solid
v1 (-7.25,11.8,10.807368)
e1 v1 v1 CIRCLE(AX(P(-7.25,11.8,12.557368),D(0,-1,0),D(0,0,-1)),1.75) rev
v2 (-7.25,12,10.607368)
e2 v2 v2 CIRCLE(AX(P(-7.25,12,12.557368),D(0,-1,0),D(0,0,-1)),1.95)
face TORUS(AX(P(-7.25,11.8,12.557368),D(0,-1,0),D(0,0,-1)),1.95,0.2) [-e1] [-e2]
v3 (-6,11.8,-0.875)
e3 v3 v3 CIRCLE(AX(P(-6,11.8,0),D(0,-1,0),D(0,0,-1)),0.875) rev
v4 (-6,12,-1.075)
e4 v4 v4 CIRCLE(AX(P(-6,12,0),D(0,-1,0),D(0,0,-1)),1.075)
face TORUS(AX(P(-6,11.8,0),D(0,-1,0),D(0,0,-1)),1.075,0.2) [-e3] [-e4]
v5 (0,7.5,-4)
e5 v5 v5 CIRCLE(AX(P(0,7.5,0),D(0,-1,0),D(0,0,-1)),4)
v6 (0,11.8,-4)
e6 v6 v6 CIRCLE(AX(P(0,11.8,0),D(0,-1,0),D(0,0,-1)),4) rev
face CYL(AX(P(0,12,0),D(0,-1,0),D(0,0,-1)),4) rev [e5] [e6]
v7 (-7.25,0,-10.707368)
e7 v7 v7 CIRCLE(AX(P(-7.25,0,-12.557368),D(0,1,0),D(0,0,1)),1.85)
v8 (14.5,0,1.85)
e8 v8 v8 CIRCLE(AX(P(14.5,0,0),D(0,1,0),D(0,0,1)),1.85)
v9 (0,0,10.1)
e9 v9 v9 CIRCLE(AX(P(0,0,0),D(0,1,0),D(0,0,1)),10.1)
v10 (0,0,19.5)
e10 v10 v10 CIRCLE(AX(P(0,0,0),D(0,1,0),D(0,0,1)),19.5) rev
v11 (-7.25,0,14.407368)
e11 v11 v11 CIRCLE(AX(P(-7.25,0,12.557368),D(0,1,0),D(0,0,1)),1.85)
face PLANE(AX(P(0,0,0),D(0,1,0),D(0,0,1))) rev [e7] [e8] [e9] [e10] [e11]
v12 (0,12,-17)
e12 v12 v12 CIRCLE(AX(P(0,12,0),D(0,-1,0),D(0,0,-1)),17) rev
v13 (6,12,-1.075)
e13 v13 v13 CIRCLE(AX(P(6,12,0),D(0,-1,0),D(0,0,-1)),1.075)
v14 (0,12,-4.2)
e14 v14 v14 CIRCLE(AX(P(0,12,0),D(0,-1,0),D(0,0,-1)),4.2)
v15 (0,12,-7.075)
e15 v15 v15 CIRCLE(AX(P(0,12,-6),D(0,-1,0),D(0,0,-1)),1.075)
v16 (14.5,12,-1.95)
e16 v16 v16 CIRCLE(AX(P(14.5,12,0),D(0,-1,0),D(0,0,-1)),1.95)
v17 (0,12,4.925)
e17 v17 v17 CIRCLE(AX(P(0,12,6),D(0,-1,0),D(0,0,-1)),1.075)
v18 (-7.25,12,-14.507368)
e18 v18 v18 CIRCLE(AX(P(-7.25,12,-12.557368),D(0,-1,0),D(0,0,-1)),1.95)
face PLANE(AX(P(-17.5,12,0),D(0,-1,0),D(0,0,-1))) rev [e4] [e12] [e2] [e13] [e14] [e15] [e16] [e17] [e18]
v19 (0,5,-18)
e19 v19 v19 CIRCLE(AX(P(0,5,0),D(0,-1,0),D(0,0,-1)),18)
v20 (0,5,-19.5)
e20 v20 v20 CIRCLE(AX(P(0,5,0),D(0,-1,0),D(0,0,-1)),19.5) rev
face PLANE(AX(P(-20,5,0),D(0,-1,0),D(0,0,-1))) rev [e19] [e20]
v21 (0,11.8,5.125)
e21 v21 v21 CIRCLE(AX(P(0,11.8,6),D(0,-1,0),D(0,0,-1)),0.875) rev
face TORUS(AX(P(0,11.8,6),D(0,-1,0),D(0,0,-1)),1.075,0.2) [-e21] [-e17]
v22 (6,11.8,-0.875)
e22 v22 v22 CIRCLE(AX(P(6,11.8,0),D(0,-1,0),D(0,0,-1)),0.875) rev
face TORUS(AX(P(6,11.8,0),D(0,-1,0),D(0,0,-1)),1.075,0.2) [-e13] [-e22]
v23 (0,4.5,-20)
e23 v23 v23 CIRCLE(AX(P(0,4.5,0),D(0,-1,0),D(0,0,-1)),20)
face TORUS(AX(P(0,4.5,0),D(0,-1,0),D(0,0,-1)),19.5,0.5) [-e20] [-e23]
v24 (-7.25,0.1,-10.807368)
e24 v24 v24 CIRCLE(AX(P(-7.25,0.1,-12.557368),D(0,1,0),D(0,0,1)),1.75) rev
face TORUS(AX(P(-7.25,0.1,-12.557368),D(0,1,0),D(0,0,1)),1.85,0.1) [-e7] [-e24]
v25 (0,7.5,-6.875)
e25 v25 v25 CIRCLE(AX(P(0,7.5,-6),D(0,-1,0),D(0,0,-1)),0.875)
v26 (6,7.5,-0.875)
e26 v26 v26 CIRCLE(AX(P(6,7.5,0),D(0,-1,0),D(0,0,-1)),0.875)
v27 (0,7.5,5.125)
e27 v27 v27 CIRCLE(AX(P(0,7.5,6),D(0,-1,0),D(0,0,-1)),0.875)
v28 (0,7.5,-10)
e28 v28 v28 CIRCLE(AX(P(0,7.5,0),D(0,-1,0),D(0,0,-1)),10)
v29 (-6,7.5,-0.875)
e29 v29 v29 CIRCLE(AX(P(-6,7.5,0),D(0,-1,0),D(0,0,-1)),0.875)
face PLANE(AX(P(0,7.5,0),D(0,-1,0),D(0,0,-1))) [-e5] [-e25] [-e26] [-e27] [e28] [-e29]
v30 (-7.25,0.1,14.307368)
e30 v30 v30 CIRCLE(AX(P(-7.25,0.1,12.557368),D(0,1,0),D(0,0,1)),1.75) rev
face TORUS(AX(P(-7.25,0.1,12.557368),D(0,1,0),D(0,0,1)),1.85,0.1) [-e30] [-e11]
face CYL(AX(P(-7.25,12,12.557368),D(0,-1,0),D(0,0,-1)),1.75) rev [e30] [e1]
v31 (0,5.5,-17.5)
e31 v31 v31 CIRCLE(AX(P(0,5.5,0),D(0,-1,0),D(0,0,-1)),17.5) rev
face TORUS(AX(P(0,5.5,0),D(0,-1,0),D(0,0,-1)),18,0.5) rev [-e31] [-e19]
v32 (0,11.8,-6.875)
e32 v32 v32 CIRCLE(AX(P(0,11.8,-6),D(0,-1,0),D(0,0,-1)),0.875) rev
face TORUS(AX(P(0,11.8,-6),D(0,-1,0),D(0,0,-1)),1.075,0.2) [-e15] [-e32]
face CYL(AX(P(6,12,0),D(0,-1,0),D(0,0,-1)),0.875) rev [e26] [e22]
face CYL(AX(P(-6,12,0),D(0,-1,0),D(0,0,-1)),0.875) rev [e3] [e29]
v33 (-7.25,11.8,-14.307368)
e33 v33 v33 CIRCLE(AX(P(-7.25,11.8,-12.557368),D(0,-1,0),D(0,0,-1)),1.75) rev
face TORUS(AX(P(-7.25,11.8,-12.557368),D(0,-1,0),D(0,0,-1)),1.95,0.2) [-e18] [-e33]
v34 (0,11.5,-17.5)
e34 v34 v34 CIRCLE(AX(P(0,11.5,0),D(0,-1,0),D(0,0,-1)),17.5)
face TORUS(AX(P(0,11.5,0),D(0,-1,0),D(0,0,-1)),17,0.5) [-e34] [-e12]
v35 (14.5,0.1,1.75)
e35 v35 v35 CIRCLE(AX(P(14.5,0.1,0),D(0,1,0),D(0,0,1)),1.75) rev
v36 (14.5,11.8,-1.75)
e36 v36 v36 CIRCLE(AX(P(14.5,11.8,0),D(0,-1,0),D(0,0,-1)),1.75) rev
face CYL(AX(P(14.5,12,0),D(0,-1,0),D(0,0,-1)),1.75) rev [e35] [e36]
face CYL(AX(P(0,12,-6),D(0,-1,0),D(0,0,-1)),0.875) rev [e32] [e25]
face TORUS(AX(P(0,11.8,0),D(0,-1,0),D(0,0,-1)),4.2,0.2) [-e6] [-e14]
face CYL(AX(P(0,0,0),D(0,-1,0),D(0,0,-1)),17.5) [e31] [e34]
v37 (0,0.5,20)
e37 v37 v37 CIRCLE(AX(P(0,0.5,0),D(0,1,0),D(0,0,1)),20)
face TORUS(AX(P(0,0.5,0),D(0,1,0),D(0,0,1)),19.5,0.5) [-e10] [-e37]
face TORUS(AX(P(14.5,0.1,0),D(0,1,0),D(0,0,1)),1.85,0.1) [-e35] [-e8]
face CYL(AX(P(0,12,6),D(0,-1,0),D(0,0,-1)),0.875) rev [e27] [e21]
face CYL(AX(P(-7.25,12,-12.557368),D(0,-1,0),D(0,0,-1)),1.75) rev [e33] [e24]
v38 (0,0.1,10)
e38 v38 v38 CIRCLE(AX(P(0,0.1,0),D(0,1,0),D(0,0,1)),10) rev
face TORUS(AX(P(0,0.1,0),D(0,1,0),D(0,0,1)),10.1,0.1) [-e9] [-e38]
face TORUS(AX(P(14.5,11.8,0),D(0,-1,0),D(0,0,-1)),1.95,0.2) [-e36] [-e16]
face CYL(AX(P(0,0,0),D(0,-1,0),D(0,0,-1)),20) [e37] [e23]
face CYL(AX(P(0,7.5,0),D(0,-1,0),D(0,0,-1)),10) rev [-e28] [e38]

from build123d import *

# Parameters (mm, degrees)
SKETCH2_R          = 1.75
SKETCH2_R_2        = 4
SKETCH2_R_3        = 0.875
CUT_EXTRUDE1_DEPTH = 31.724582991
SKETCH2_3_R        = 10
SKETCH2_3_R_2      = 0.875
SKETCH2_3_R_3      = 4
CUT_EXTRUDE2_DEPTH = 7.5
FILLET1_R          = 0.5
FILLET2_R          = 0.2
FILLET3_R          = 0.1


with BuildPart() as part:
    # Sketch1 → Revolve1 (revolve)
    with BuildSketch(Plane.XY):
        Polygon((0, 0), (-20, 0), (-20, 5), (-17.5, 5), (-17.5, 12), (0, 12), align=None)
    revolve(axis=Axis((0, 0, 0), (0, 1, 0)))

    # Sketch2 → Cut-Extrude1 (cut, through all)
    with BuildSketch(Plane.XZ):
        with Locations((14.5, 0)):
            Circle(SKETCH2_R)
        with Locations((-7.25, -12.557368355)):
            Circle(SKETCH2_R)
        with Locations((-7.25, 12.557368355)):
            Circle(SKETCH2_R)
        Circle(SKETCH2_R_2)
        with Locations((6, 0)):
            Circle(SKETCH2_R_3)
        with Locations((0, -6)):
            Circle(SKETCH2_R_3)
        with Locations((-6, 0)):
            Circle(SKETCH2_R_3)
        with Locations((0, 6)):
            Circle(SKETCH2_R_3)
    extrude(amount=-CUT_EXTRUDE1_DEPTH, mode=Mode.SUBTRACT)

    # Sketch2<3> → Cut-Extrude2 (cut)
    with BuildSketch(Plane.XZ):
        Circle(SKETCH2_3_R)
        with Locations((-6, 0)):
            Circle(SKETCH2_3_R_2, mode=Mode.SUBTRACT)
        with Locations((0, -6)):
            Circle(SKETCH2_3_R_2, mode=Mode.SUBTRACT)
        Circle(SKETCH2_3_R_3, mode=Mode.SUBTRACT)
        with Locations((6, 0)):
            Circle(SKETCH2_3_R_2, mode=Mode.SUBTRACT)
        with Locations((0, 6)):
            Circle(SKETCH2_3_R_2, mode=Mode.SUBTRACT)
    extrude(amount=-CUT_EXTRUDE2_DEPTH, mode=Mode.SUBTRACT)

    # Fillet1
    fillet1_edges = [part.edges().sort_by_distance(p)[0] for p in [
        (20, 0, 0),
        (20, 5, 0),
        (17.5, 5, 0),
        (17.5, 12, 0),
    ]]
    fillet(fillet1_edges, radius=FILLET1_R)

    # Fillet2
    fillet2_edges = [part.edges().sort_by_distance(p)[0] for p in [
        (-4, 12, 0),
        (12.75, 12, 0),
        (-9, 12, 12.557368355),
        (-6.875, 12, 0),
        (-0.875, 12, -6),
        (5.125, 12, 0),
        (-0.875, 12, 6),
        (-9, 12, -12.557368355),
    ]]
    fillet(fillet2_edges, radius=FILLET2_R)

    # Fillet3
    fillet3_edges = [part.edges().sort_by_distance(p)[0] for p in [
        (-9, 0, -12.557368355),
        (12.75, 0, 0),
        (-9, 0, 12.557368355),
        (-10, 0, 0),
    ]]
    fillet(fillet3_edges, radius=FILLET3_R)


solid = part.part
